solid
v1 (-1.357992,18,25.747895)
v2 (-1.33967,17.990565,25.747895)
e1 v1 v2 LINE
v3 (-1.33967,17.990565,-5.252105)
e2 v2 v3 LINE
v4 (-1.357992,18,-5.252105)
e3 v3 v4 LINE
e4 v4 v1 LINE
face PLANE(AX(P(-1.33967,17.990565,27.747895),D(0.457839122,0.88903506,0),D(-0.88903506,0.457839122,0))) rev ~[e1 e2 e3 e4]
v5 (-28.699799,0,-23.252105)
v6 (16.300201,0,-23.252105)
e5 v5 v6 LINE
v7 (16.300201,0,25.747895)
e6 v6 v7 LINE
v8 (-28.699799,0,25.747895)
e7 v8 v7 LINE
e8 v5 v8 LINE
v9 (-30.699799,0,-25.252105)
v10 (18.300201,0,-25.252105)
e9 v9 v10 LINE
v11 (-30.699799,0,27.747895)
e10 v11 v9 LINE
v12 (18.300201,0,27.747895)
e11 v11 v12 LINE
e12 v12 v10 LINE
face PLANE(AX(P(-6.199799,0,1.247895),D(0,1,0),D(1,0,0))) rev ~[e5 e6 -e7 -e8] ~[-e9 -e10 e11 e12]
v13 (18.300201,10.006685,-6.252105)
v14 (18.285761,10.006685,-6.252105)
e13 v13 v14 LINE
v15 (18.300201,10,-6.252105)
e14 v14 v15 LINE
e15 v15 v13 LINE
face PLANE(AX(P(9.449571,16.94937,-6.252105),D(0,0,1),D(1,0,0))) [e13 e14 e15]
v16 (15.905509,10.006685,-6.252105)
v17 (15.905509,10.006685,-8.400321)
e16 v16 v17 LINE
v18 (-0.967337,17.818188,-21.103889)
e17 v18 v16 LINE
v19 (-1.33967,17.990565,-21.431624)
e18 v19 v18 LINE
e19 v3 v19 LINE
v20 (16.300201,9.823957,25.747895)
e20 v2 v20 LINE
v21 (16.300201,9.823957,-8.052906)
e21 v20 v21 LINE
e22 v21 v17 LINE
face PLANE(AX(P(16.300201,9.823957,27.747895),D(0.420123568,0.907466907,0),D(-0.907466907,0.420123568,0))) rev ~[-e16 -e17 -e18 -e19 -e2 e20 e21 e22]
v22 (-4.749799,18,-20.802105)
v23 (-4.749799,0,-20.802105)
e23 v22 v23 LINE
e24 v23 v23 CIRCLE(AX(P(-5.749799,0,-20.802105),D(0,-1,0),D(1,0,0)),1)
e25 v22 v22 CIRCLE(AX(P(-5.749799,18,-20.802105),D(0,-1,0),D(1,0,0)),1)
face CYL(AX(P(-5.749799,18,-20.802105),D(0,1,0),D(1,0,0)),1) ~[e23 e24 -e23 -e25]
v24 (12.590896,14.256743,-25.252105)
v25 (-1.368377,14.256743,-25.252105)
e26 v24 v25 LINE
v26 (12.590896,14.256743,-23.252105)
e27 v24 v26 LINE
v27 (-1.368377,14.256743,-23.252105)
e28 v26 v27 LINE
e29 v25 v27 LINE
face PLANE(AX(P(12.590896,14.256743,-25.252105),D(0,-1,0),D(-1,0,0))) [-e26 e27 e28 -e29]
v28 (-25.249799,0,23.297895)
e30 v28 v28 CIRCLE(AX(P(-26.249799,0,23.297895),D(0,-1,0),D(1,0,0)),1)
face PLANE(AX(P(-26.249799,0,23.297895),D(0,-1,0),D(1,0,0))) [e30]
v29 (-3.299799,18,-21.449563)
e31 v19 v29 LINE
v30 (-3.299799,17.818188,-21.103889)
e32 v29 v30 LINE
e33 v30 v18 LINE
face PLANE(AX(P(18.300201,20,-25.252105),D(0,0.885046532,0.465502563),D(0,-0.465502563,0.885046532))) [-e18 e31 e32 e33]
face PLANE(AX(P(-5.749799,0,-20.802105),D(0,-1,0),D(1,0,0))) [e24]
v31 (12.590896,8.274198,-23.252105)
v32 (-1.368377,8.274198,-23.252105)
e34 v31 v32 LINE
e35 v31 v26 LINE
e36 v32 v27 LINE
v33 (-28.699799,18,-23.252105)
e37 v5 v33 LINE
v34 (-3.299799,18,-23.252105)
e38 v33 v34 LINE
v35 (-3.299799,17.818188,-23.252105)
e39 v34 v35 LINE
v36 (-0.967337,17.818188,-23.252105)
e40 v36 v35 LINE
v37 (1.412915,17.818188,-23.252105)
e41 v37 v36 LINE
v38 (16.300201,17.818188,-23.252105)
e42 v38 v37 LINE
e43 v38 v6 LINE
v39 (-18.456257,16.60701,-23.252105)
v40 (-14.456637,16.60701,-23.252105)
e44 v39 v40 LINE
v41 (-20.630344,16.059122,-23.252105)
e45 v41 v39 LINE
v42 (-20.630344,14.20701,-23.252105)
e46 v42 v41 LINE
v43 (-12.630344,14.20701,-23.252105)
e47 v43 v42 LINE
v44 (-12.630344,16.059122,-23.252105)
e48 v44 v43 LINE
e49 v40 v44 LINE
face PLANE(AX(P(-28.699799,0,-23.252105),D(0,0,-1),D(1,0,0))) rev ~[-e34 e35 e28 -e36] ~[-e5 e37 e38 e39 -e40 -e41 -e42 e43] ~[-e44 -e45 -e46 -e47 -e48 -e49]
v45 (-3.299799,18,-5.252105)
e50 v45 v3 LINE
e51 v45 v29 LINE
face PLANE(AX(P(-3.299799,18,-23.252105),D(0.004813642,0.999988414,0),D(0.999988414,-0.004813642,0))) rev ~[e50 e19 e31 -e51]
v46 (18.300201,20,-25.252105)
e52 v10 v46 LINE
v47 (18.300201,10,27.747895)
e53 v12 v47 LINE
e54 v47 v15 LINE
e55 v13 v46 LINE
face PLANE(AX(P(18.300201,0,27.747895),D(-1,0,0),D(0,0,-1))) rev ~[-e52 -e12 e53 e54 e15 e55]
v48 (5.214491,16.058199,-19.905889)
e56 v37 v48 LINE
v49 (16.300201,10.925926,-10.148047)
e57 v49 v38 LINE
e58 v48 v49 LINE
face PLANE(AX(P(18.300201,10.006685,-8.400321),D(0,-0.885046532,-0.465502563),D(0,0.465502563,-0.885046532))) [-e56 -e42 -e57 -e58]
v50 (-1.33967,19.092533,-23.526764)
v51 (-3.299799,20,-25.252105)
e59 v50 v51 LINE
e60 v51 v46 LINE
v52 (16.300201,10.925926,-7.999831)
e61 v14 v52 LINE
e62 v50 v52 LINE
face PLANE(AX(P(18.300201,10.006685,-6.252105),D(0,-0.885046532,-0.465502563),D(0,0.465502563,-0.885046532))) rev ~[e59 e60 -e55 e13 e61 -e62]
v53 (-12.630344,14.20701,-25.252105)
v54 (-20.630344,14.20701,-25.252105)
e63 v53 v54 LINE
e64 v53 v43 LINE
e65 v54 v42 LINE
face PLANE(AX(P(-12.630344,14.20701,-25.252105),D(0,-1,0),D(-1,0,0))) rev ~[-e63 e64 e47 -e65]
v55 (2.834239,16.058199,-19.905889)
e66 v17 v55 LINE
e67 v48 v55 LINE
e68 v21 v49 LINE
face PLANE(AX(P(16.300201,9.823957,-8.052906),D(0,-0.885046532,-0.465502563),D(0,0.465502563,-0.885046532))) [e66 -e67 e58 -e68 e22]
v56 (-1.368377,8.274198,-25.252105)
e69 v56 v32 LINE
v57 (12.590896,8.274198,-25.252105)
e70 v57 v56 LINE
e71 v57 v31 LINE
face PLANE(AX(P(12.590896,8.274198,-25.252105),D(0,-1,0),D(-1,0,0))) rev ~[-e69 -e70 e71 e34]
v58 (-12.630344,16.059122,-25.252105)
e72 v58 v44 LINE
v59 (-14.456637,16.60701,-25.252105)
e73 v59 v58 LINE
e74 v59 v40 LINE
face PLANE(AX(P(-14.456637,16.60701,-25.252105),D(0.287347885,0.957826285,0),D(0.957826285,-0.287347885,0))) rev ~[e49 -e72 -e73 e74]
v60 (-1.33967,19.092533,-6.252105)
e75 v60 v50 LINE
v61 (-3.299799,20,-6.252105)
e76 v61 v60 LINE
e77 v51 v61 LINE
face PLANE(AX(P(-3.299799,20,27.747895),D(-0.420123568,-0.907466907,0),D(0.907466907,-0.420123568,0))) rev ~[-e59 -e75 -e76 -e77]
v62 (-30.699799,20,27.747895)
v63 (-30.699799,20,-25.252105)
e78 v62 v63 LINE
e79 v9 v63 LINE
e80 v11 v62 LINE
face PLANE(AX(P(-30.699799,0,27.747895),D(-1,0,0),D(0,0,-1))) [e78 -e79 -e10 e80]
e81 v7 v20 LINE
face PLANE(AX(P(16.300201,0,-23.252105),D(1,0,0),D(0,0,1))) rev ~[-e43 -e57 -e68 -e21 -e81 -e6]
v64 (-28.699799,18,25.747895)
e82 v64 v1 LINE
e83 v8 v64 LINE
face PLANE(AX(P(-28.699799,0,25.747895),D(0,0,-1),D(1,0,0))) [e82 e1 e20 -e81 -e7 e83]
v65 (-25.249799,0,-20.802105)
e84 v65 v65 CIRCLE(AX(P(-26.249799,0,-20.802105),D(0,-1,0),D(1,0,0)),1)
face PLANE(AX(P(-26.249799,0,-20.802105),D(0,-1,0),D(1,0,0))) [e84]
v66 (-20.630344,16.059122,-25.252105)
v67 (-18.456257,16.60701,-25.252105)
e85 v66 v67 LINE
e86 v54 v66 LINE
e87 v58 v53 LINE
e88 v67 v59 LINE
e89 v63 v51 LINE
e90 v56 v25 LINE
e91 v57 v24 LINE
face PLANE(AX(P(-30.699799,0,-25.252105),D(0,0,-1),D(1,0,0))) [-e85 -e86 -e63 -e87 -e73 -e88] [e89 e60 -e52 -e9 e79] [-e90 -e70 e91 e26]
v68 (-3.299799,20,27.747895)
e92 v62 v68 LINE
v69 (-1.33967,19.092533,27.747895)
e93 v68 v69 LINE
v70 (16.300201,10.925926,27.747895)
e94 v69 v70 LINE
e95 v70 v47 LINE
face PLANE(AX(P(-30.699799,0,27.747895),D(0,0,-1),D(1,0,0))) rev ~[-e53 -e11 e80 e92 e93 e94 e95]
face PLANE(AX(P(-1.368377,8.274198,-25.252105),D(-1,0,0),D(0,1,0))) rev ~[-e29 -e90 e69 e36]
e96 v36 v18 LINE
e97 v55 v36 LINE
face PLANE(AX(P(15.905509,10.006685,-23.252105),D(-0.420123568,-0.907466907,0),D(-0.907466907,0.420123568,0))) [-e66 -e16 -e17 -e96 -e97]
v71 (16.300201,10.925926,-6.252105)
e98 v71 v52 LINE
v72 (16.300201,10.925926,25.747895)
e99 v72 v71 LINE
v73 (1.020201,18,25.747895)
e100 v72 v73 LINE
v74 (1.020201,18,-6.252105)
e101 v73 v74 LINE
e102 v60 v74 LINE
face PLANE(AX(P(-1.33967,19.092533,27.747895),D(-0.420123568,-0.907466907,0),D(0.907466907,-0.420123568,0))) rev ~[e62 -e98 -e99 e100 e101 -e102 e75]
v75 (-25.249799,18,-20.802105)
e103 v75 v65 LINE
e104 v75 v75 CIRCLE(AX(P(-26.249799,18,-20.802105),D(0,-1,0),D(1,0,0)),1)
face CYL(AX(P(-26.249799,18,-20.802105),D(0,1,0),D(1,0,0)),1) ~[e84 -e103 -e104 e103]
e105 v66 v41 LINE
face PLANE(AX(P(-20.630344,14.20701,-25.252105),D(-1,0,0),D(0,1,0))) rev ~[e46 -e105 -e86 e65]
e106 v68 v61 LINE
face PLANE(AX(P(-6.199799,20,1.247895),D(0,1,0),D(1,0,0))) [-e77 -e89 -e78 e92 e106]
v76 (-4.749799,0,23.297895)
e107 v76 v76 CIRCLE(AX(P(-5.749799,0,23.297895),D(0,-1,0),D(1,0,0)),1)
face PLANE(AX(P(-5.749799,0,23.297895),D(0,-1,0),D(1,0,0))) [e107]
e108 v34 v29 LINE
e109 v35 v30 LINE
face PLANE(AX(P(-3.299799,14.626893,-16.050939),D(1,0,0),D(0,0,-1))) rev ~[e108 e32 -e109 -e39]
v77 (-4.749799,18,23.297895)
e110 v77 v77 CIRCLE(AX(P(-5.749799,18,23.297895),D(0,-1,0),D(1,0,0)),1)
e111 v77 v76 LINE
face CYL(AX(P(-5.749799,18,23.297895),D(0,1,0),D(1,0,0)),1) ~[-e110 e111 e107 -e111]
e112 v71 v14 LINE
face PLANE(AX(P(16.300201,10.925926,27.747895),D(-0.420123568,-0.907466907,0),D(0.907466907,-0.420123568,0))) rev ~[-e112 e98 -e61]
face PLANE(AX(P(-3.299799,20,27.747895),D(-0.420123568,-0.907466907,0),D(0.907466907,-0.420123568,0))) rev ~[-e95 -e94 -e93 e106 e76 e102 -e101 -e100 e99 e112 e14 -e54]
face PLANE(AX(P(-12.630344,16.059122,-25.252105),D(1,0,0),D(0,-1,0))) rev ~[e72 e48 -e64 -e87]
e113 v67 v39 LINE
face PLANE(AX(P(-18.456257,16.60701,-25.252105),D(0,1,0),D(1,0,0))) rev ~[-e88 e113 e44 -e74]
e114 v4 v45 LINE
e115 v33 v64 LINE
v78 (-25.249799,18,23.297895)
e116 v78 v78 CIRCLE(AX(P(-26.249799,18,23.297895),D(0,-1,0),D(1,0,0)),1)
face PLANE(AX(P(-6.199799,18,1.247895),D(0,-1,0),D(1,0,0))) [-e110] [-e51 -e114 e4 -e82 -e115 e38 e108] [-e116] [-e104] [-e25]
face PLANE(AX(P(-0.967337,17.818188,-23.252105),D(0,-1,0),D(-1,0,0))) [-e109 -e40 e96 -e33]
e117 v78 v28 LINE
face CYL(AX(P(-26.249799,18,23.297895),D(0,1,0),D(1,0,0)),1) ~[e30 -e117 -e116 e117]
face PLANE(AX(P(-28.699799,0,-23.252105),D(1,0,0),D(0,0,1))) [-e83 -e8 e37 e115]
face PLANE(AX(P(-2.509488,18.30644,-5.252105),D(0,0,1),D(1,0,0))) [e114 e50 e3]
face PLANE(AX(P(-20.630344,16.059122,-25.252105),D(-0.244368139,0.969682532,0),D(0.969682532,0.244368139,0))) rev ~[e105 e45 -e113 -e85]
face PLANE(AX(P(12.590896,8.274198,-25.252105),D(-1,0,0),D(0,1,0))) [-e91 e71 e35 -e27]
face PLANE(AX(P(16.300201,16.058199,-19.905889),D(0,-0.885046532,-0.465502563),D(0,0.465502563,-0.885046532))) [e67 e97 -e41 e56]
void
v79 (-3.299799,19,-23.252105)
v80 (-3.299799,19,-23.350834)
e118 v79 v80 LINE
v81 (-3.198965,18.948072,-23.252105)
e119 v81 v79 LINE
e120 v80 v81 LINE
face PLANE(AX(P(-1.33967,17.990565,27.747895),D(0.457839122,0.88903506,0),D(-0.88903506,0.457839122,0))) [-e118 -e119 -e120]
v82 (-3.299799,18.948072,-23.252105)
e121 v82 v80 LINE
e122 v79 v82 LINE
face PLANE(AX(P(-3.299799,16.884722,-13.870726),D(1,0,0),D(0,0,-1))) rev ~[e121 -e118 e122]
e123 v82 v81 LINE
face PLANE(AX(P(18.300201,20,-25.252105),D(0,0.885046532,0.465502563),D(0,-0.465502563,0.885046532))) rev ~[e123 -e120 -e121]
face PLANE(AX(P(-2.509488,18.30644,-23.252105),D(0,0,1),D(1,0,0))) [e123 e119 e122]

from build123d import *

# Parameters (mm, degrees)
SKETCH1_W           = 49
SKETCH1_H           = 53
BOSS_EXTRUDE1_DEPTH = 20
SKETCH3_W           = 45
SKETCH3_H           = 49
CUT_EXTRUDE1_DEPTH  = 18
CUT_EXTRUDE2_DEPTH  = 34
CUT_EXTRUDE3_DEPTH  = 21.6
BOSS_EXTRUDE4_DEPTH = 53
BOSS_EXTRUDE5_DEPTH = 21.6
CUT_EXTRUDE4_DEPTH  = 18
CUT_EXTRUDE5_DEPTH  = 18
BOSS_EXTRUDE6_DEPTH = 18
SKETCH16_R          = 1
BOSS_EXTRUDE7_DEPTH = 18
SKETCH17_W          = 13.959273649
SKETCH17_H          = 5.98254585
CUT_EXTRUDE7_DEPTH  = 2


with BuildPart() as part:
    # Sketch1 → Boss-Extrude1 (new body)
    with BuildSketch(Plane(origin=(0, 0, 0), x_dir=(1, 0, 0), z_dir=(0, 1, 0))):
        with Locations((-6.199798715, -1.247894993)):
            Rectangle(SKETCH1_W, SKETCH1_H)
    extrude(amount=BOSS_EXTRUDE1_DEPTH)

    # Sketch3 → Cut-Extrude1 (cut)
    with BuildSketch(Plane.XZ):
        with Locations((-6.199798715, 1.247894993)):
            Rectangle(SKETCH3_W, SKETCH3_H)
    extrude(amount=-CUT_EXTRUDE1_DEPTH, mode=Mode.SUBTRACT)

    # Sketch4 → Cut-Extrude2 (cut)
    with BuildSketch(Plane.XY.offset(27.747894993)):
        Polygon((18.300201285, 20), (-3.299798715, 20), (18.300201285, 10), align=None)
    extrude(amount=-CUT_EXTRUDE2_DEPTH, mode=Mode.SUBTRACT)

    # Sketch6 → Cut-Extrude3 (cut)
    with BuildSketch(Plane(origin=(18.300201285, 0, 0), x_dir=(0, 0, -1), z_dir=(1, 0, 0))):
        Polygon((6.252105007, 10.006685103), (25.252105007, 20), (6.252105007, 20), align=None)
    extrude(amount=-CUT_EXTRUDE3_DEPTH, mode=Mode.SUBTRACT)

    # Sketch8 → Boss-Extrude4 (add)
    with BuildSketch(Plane.XY.offset(27.747894993)):
        Polygon((-1.339670196, 17.990564534), (-3.299798715, 19), (-3.299798715, 20), (-1.339670196, 19.092533093), (16.300201285, 10.925925926), (18.300201285, 10), (18.300201285, 8.793988713), (16.300201285, 9.823957367), align=None)
    extrude(amount=-BOSS_EXTRUDE4_DEPTH)

    # Sketch11 → Boss-Extrude5 (add)
    with BuildSketch(Plane(origin=(18.300201285, 0, 0), x_dir=(0, 0, -1), z_dir=(1, 0, 0))):
        Polygon((25.252105007, 20), (6.252105007, 10.006685103), (8.400320892, 10.006685103), (25.252105007, 18.870115905), align=None)
    extrude(amount=-BOSS_EXTRUDE5_DEPTH)

    # Sketch12 → Cut-Extrude4 (cut)
    with BuildSketch(Plane.XY.offset(-23.252105007)):
        Polygon((-3.299798715, 17.818188021), (-3.299798715, 10.006685103), (15.905509375, 10.006685103), (-0.967336928, 17.818188021), align=None)
    extrude(amount=CUT_EXTRUDE4_DEPTH, mode=Mode.SUBTRACT)

    # Sketch13 → Cut-Extrude5 (cut)
    with BuildSketch(Plane.ZY.offset(-16.300201285)):
        Polygon((-23.252105007, 17.818188021), (-23.252105007, 9.823957367), (-19.905888942, 9.823957367), (-8.052905944, 9.823957367), (-19.905888942, 16.058199029), align=None)
    extrude(amount=CUT_EXTRUDE5_DEPTH, mode=Mode.SUBTRACT)

    # Sketch15 → Boss-Extrude6 (add)
    with BuildSketch(Plane.XY.offset(-23.252105007)):
        Polygon((-3.299798715, 19), (-3.299798715, 18), (-1.339670196, 17.990564534), align=None)
    extrude(amount=BOSS_EXTRUDE6_DEPTH)

    # Sketch16 → Boss-Extrude7 (add)
    with BuildSketch(Plane.XZ.offset(-18)):
        with Locations((-26.249798715, 23.297894993)):
            Circle(SKETCH16_R)
        with Locations((-5.749798715, 23.297894993)):
            Circle(SKETCH16_R)
        with Locations((-26.249798715, -20.802105007)):
            Circle(SKETCH16_R)
        with Locations((-5.749798715, -20.802105007)):
            Circle(SKETCH16_R)
    extrude(amount=BOSS_EXTRUDE7_DEPTH)

    # Sketch17 → Cut-Extrude7 (cut)
    with BuildSketch(Plane(origin=(0, 0, -25.252105007), x_dir=(-1, 0, 0), z_dir=(0, 0, -1))):
        Polygon((14.456637368, 16.607010477), (12.63034375, 16.059122392), (12.63034375, 14.207010477), (20.63034375, 14.207010477), (20.63034375, 16.059122392), (18.456257111, 16.607010477), align=None)
        with Locations((-5.611259633, 11.265470537)):
            Rectangle(SKETCH17_W, SKETCH17_H)
    extrude(amount=-CUT_EXTRUDE7_DEPTH, mode=Mode.SUBTRACT)


solid = part.part
